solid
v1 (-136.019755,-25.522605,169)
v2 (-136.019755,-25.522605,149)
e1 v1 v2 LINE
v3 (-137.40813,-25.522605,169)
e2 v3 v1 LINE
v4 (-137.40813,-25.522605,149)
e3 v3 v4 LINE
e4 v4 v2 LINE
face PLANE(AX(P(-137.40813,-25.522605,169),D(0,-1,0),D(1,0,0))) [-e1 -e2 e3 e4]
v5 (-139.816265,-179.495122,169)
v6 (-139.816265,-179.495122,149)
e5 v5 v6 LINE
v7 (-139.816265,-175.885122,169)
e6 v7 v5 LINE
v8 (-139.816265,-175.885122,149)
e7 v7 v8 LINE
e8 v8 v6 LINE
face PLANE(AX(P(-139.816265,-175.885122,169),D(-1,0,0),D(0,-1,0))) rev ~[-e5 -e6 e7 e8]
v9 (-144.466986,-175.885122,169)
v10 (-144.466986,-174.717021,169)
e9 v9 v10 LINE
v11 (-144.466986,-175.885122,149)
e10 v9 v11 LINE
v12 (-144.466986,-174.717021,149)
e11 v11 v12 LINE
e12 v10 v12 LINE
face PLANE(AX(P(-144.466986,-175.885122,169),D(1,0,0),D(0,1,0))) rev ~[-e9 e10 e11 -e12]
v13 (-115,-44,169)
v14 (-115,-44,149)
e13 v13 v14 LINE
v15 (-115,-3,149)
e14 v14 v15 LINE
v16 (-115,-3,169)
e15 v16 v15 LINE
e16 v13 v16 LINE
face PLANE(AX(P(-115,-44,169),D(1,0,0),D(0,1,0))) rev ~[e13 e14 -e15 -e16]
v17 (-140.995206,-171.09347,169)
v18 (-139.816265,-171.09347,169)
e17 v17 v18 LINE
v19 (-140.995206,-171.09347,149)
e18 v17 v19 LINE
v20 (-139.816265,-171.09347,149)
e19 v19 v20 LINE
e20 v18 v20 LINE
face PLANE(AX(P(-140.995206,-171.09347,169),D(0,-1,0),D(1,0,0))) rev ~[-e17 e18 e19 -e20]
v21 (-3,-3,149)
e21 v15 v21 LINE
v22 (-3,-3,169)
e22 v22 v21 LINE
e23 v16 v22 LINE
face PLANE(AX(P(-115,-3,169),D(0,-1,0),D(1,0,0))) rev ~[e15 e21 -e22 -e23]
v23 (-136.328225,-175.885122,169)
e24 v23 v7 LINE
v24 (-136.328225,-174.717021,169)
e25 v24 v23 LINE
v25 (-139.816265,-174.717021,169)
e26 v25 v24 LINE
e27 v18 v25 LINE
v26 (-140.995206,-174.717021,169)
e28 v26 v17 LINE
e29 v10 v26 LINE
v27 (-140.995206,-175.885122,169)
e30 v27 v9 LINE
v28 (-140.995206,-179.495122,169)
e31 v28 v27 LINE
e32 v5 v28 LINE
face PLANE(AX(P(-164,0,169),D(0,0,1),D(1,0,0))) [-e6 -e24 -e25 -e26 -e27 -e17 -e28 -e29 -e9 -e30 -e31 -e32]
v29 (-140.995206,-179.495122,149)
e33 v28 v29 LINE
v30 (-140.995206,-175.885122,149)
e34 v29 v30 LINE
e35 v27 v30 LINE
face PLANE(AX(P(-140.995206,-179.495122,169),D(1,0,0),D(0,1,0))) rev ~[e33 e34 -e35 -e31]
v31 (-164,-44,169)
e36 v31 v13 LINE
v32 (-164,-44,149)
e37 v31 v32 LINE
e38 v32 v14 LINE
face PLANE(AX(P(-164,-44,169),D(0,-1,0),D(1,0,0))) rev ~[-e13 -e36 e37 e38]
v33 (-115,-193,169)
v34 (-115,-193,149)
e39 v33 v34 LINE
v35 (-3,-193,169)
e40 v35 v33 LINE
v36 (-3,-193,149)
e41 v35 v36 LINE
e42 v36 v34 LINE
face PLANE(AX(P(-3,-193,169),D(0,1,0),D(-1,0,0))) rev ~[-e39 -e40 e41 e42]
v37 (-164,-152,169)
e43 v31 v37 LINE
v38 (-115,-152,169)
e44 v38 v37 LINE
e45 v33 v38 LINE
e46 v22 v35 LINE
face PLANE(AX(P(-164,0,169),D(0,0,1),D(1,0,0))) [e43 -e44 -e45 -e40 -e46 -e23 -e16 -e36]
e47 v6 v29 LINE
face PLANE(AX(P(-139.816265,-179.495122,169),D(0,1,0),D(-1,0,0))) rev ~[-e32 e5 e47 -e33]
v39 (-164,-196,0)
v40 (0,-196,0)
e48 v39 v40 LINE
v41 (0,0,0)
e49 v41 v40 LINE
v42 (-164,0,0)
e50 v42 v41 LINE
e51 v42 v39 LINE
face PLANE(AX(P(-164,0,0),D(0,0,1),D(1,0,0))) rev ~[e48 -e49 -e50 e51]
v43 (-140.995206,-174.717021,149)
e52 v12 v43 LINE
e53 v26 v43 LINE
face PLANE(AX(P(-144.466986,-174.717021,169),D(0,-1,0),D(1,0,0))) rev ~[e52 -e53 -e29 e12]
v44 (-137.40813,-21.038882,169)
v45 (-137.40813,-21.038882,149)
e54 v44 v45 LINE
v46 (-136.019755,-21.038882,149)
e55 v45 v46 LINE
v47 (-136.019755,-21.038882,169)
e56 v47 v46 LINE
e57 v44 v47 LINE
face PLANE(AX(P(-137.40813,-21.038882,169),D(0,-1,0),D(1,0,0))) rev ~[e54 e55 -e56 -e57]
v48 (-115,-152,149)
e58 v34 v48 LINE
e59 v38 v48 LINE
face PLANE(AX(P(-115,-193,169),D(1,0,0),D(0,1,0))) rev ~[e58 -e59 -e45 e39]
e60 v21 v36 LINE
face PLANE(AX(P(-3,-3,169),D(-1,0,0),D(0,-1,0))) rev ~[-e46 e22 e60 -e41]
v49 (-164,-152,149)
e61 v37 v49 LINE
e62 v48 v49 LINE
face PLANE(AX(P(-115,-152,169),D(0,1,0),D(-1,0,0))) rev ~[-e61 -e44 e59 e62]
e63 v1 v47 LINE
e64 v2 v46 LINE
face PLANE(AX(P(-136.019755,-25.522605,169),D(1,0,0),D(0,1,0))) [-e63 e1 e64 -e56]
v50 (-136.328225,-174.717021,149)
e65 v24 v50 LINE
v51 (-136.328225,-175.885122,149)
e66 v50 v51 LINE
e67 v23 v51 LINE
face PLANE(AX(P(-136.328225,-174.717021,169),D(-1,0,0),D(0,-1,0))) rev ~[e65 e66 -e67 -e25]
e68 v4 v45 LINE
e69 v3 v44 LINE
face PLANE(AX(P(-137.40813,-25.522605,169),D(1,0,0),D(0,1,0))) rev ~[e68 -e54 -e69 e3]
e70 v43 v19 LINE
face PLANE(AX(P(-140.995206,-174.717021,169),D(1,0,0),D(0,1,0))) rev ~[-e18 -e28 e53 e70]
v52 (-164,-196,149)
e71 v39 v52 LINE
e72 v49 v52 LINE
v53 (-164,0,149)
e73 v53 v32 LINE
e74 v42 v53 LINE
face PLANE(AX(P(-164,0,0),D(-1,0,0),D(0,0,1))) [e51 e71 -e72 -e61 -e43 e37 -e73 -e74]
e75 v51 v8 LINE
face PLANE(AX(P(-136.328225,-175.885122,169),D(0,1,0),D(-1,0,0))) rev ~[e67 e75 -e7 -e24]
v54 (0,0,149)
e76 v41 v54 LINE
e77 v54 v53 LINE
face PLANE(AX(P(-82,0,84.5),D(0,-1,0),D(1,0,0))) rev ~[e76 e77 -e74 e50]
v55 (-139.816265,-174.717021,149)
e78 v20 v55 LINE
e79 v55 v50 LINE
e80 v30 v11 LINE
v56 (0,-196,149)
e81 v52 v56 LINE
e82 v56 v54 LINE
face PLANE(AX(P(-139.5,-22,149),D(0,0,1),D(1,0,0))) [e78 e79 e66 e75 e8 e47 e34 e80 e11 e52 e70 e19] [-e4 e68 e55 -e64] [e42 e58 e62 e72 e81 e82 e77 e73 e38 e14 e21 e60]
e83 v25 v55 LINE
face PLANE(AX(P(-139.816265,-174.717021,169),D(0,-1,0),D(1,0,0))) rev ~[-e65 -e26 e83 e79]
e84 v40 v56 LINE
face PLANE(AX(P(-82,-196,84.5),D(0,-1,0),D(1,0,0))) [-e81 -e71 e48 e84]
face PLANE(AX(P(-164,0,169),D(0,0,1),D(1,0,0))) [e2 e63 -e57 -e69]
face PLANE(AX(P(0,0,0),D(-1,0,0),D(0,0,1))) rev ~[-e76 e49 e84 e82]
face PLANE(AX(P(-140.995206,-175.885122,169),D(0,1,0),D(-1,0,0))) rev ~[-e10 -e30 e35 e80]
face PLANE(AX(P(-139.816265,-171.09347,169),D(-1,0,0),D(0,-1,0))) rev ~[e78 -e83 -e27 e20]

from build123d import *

# Parameters (mm, degrees)
F0_W     = 164
F0_H     = 169
F1_DEPTH = 196
F2_W     = 1.388375636
F2_H     = 4.4837225804
F3_DEPTH = 20


with BuildPart() as f1:
    # F0 (on Front) → F1 (new body)
    with BuildSketch(Plane.XZ):
        with Locations((-82, 84.5)):
            Rectangle(F0_W, F0_H)
    extrude(amount=F1_DEPTH)

    # F2 (on face) → F3 (cut)
    with BuildSketch(Plane.XY.offset(169)):
        Polygon((-115, 0), (-164, 0), (-164, -44), (-115, -44), (-115, -3), align=None)
        with Locations((-136.7139425929, -23.2807436195)):
            Rectangle(F2_W, F2_H, mode=Mode.SUBTRACT)
        Polygon((-115, -152), (-164, -152), (-164, -196), (-115, -196), (-115, -193), align=None)
        Polygon((-139.8162649485, -171.0934701486), (-139.8162649485, -174.7170210971), (-136.3282245066, -174.7170210971), (-136.3282245066, -175.8851216647), (-139.8162649485, -175.8851216647), (-139.8162649485, -179.4951215626), (-140.9952063566, -179.4951215626), (-140.9952063566, -175.8851216647), (-144.4669855377, -175.8851216647), (-144.4669855377, -174.7170210971), (-140.9952063566, -174.7170210971), (-140.9952063566, -171.0934701486), align=None, mode=Mode.SUBTRACT)
        Polygon((0, 0), (-115, 0), (-115, -3), (-3, -3), (-3, -193), (-115, -193), (-115, -196), (0, -196), align=None)
    extrude(amount=-F3_DEPTH, mode=Mode.SUBTRACT)


solid = f1.part
